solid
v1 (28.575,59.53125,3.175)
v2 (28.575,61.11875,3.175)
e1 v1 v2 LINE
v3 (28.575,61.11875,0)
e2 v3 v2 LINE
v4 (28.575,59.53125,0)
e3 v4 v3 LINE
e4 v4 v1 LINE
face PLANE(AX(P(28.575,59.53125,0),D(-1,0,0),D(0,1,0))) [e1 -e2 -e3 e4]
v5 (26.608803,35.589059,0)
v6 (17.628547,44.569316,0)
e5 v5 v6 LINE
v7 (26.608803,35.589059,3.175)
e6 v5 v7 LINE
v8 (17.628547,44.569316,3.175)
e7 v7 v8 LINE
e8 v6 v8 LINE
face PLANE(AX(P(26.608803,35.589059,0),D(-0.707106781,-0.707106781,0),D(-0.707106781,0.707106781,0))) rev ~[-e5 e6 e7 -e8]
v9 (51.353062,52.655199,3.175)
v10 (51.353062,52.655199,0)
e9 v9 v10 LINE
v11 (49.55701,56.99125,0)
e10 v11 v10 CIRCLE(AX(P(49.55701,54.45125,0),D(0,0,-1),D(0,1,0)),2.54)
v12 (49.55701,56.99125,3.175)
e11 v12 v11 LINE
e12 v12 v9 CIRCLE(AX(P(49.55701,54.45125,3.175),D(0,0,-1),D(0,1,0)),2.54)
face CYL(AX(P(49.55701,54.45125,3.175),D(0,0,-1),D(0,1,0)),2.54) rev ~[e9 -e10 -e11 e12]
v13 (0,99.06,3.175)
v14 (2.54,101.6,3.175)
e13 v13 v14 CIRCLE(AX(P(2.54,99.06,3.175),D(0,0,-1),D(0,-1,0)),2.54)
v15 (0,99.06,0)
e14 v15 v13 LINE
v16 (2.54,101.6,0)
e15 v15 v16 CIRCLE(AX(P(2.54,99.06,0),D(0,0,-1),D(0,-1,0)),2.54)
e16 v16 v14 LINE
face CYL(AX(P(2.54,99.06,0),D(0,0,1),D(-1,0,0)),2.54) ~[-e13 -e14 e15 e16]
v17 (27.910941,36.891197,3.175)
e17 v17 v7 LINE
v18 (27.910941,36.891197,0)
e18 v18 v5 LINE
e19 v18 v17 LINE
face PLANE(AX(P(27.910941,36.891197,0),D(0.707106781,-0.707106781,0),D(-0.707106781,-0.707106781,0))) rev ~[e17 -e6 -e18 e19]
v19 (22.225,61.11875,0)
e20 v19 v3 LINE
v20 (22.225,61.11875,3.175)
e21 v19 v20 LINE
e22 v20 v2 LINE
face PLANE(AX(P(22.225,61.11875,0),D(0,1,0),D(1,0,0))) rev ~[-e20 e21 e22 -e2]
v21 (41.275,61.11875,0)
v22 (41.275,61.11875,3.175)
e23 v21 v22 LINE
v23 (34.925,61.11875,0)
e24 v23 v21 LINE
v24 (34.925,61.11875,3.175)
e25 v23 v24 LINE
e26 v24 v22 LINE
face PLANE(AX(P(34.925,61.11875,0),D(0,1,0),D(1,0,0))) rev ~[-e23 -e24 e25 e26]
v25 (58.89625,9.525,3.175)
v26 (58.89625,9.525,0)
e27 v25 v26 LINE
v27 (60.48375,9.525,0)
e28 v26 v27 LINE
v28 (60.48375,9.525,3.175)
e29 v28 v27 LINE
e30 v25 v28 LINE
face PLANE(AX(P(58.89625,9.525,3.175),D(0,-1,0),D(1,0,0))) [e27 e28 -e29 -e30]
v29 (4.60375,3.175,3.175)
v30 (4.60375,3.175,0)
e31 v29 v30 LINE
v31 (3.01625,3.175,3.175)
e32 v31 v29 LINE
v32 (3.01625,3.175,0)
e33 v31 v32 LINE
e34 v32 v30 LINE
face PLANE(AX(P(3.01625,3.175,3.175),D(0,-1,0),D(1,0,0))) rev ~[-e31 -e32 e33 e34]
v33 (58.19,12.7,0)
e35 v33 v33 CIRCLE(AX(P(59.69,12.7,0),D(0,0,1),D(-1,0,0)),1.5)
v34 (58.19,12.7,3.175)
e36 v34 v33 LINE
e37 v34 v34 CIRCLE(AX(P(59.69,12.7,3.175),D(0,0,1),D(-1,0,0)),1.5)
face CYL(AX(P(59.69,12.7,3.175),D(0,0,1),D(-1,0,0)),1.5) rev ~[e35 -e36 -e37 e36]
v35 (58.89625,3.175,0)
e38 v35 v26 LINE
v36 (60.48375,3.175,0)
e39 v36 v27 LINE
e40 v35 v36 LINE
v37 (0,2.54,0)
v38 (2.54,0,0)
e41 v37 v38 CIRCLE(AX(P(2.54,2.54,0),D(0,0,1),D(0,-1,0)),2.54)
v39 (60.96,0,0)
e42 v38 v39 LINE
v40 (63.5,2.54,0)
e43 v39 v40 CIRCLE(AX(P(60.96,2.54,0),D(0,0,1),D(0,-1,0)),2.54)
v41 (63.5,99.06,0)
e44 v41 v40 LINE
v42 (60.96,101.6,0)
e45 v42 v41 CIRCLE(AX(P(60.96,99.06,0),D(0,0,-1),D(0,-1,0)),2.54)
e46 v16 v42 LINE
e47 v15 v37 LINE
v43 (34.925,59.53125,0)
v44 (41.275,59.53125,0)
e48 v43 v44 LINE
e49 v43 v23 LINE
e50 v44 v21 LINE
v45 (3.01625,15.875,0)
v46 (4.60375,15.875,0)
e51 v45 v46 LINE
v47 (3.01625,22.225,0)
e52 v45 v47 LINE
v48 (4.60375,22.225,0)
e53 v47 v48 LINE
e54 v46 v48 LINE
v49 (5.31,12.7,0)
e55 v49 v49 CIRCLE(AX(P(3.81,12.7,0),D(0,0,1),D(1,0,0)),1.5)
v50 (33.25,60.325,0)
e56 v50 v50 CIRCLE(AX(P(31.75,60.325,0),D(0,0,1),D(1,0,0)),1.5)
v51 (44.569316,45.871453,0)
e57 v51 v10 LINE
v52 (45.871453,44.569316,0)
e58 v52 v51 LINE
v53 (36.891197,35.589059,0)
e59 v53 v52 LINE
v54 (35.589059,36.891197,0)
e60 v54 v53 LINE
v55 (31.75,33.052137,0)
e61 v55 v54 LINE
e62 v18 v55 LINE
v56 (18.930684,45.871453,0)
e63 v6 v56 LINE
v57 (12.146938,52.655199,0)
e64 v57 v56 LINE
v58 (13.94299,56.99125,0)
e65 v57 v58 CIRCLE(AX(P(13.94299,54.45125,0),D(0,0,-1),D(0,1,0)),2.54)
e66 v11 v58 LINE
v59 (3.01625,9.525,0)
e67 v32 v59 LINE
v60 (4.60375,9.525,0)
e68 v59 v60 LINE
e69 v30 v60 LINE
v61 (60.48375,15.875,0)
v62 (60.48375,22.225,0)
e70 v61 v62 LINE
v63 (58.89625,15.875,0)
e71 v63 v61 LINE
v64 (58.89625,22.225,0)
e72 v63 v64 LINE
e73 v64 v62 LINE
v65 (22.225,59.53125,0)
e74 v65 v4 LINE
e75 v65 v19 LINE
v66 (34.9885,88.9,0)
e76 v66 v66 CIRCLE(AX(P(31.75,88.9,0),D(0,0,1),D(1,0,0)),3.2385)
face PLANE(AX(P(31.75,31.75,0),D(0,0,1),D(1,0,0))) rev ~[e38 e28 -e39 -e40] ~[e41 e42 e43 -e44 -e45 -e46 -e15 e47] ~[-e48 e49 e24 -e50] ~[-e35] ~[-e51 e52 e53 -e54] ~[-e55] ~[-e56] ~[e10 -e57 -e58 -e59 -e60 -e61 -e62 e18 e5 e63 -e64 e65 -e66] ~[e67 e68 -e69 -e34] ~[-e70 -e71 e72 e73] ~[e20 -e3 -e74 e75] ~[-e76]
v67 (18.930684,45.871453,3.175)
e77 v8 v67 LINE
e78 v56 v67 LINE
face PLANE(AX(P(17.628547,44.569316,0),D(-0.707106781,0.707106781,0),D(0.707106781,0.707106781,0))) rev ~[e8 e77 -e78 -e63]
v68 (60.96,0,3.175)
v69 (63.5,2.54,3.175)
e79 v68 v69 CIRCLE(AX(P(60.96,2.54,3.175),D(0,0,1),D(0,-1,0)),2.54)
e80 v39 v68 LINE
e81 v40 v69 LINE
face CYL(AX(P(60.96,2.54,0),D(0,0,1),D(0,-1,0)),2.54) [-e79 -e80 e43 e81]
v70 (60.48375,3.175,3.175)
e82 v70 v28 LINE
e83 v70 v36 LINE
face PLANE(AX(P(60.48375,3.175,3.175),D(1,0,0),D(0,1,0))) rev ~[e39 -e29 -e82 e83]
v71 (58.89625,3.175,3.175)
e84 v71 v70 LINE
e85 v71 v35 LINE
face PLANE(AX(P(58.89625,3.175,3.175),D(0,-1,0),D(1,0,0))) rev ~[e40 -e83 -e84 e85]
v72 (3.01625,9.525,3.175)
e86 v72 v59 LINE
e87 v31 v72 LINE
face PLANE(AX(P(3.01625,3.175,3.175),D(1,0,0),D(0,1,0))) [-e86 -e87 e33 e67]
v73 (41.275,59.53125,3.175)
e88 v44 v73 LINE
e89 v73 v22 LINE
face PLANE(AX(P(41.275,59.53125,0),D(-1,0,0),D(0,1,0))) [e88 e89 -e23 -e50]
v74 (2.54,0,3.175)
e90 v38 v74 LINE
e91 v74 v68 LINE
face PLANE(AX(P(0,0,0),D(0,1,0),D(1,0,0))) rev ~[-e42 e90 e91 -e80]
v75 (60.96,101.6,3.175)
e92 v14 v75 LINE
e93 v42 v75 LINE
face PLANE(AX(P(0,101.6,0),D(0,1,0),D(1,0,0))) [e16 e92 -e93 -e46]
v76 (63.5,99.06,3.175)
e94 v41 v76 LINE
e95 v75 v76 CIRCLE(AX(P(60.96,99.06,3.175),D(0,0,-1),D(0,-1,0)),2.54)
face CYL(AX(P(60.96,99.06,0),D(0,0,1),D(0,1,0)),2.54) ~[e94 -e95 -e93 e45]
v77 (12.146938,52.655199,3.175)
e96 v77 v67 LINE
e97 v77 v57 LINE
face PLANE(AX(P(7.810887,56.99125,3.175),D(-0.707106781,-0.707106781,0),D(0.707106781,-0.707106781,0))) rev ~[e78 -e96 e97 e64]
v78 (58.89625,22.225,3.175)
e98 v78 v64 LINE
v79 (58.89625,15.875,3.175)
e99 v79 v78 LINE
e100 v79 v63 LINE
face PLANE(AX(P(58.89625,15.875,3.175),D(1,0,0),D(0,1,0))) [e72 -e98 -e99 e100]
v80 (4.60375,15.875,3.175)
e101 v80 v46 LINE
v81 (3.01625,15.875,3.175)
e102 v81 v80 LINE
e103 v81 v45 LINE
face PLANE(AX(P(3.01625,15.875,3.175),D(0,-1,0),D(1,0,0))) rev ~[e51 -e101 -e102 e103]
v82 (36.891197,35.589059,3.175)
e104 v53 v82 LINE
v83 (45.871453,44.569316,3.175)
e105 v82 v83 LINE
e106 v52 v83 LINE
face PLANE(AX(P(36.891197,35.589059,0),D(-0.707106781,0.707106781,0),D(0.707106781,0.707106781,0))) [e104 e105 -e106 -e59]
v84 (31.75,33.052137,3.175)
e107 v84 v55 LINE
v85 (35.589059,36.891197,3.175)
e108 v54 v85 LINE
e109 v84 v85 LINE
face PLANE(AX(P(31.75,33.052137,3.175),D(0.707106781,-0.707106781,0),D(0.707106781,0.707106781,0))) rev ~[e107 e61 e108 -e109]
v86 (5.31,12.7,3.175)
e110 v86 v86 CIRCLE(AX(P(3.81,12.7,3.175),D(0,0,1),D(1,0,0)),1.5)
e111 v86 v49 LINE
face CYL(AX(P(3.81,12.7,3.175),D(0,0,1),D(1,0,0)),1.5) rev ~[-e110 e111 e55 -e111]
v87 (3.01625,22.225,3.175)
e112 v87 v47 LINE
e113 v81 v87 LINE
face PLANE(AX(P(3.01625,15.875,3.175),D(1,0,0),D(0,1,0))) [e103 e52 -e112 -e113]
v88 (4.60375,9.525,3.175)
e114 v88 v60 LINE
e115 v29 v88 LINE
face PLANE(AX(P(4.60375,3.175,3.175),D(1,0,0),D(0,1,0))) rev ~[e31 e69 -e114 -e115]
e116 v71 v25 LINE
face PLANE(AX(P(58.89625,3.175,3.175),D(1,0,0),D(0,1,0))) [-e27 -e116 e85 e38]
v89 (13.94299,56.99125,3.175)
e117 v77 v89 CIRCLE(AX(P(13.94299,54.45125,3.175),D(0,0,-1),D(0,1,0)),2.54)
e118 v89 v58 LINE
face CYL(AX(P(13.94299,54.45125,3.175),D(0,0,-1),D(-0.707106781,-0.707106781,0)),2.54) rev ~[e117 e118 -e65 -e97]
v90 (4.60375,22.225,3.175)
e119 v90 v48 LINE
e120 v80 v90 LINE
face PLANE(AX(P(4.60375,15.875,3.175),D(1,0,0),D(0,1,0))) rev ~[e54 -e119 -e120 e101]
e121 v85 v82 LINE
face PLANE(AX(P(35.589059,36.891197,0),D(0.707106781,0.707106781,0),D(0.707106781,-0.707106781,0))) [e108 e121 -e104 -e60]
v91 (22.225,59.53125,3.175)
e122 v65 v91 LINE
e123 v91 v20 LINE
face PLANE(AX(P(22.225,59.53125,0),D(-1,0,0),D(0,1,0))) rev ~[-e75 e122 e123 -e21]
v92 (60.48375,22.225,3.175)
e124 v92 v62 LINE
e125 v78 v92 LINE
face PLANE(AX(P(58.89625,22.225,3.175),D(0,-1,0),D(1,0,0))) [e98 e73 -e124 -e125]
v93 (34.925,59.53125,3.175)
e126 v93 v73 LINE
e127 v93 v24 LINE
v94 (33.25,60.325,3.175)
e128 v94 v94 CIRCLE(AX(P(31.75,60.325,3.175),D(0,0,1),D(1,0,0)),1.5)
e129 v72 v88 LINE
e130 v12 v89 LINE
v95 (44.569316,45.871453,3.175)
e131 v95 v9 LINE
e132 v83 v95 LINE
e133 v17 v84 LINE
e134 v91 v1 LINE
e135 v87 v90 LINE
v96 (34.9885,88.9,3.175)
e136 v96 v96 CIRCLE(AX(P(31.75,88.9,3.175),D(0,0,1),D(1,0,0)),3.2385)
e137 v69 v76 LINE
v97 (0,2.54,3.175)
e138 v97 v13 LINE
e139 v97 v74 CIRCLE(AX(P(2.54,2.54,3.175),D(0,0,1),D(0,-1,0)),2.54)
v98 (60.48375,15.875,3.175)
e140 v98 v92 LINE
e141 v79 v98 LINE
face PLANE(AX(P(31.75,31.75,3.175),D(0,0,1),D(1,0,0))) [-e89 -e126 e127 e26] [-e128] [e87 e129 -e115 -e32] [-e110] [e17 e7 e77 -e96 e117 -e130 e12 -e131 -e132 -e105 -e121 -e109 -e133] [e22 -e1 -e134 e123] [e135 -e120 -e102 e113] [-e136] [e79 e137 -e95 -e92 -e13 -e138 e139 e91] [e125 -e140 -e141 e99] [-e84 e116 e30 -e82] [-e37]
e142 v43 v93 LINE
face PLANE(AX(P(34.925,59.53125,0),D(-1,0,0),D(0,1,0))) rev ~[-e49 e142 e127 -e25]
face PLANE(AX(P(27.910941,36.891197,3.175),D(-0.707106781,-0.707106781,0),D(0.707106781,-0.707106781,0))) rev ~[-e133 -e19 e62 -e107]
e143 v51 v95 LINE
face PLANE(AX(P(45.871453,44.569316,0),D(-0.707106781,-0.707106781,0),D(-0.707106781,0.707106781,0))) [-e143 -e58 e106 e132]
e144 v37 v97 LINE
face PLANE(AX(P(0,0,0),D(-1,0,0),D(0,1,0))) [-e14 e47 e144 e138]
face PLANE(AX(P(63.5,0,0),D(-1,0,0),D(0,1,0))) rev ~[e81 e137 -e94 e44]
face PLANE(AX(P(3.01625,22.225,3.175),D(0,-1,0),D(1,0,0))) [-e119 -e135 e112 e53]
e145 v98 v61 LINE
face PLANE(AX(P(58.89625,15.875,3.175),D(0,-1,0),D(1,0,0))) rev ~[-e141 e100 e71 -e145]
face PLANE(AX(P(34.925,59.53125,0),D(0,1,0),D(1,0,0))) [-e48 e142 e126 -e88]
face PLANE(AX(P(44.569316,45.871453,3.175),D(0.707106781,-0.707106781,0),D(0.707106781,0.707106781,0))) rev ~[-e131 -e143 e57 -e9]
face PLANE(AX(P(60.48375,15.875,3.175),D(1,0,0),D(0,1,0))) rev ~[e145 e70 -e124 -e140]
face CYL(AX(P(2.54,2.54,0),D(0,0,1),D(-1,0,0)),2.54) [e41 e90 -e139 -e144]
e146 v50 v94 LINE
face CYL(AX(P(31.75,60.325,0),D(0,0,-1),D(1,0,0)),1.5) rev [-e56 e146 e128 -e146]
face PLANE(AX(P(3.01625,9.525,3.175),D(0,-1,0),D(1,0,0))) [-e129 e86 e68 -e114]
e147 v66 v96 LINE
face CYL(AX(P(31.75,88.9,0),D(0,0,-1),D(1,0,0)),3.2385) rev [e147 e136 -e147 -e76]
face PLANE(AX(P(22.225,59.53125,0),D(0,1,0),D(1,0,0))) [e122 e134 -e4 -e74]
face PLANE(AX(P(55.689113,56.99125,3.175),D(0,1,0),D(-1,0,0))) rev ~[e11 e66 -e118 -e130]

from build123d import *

# Parameters (mm, degrees)
SKETCH1_W           = 63.5
SKETCH1_H           = 38.1
SKETCH1_R           = 5.08
SKETCH1_R_2         = 3.2385
SKETCH1_H_2         = 63.5
SKETCH1_R_3         = 1.5
SKETCH1_W_2         = 6.35
SKETCH1_H_3         = 1.5875
BOSS_EXTRUDE1_DEPTH = 3.175
CUT_EXTRUDE1_DEPTH  = 3.175
SKETCH3_R           = 1.5
SKETCH3_W           = 1.5875
SKETCH3_H           = 6.35
CUT_EXTRUDE2_DEPTH  = 3.175
FILLET1_R           = 2.54


with BuildPart() as part:
    # Sketch1 → Boss-Extrude1 (new body)
    # profile 1 of 4: a face of its own
    with BuildSketch(Plane.XY):
        with Locations((31.75, 82.55)):
            Rectangle(SKETCH1_W, SKETCH1_H)
        with Locations((31.75, 88.9)):
            Circle(SKETCH1_R, mode=Mode.SUBTRACT)
    # profile 2 of 4: a face of its own
    with BuildSketch(Plane.XY):
        with Locations((31.75, 82.55)):
            Rectangle(SKETCH1_W, SKETCH1_H)
        with Locations((31.75, 88.9)):
            Circle(SKETCH1_R, mode=Mode.SUBTRACT)
    # profile 3 of 4: a face of its own
    with BuildSketch(Plane.XY):
        with Locations((31.75, 88.9)):
            Circle(SKETCH1_R)
        with Locations((31.75, 88.9)):
            Circle(SKETCH1_R_2, mode=Mode.SUBTRACT)
    # profile 4 of 4: a face of its own
    with BuildSketch(Plane.XY):
        with Locations((31.75, 31.75)):
            Rectangle(SKETCH1_W, SKETCH1_H_2)
        with Locations((31.75, 60.325)):
            Circle(SKETCH1_R_3, mode=Mode.SUBTRACT)
        with Locations((38.1, 60.325)):
            Rectangle(SKETCH1_W_2, SKETCH1_H_3, mode=Mode.SUBTRACT)
        Polygon((27.910940508, 36.891196629), (26.608803371, 35.589059492), (17.62854725, 44.569315613), (18.930684387, 45.87145275), align=None, mode=Mode.SUBTRACT)
        Polygon((45.87145275, 44.569315613), (44.569315613, 45.87145275), (35.589059492, 36.891196629), (36.891196629, 35.589059492), align=None, mode=Mode.SUBTRACT)
        with Locations((25.4, 60.325)):
            Rectangle(SKETCH1_W_2, SKETCH1_H_3, mode=Mode.SUBTRACT)
    extrude(amount=BOSS_EXTRUDE1_DEPTH)

    # Sketch2 → Cut-Extrude1 (cut)
    with BuildSketch(Plane.XY.offset(3.175)):
        Polygon((27.910940508, 36.891196629), (31.75, 33.052137138), (35.589059492, 36.891196629), (44.569315613, 45.87145275), (55.689112862, 56.99125), (7.810887138, 56.99125), (18.930684387, 45.87145275), align=None)
    extrude(amount=-CUT_EXTRUDE1_DEPTH, mode=Mode.SUBTRACT)

    # Sketch3 → Cut-Extrude2 (cut)
    with BuildSketch(Plane.XY.offset(3.175)):
        with Locations((3.81, 12.7)):
            Circle(SKETCH3_R)
        with Locations(Location((59.69, 12.7, 0), (0, 0, 180))):
            Circle(SKETCH3_R)
        with Locations((3.81, 19.05)):
            Rectangle(SKETCH3_W, SKETCH3_H)
        with Locations((3.81, 6.35)):
            Rectangle(SKETCH3_W, SKETCH3_H)
        with Locations((59.69, 6.35)):
            Rectangle(SKETCH3_W, SKETCH3_H)
        with Locations((59.69, 19.05)):
            Rectangle(SKETCH3_W, SKETCH3_H)
    extrude(amount=-CUT_EXTRUDE2_DEPTH, mode=Mode.SUBTRACT)

    # Fillet1
    fillet1_edges = [part.edges().sort_by_distance(p)[0] for p in [
        (0, 101.6, 1.5875),
        (63.5, 101.6, 1.5875),
        (63.5, 0, 1.5875),
        (0, 0, 1.5875),
        (55.689112862, 56.99125, 1.5875),
        (7.810887138, 56.99125, 1.5875),
    ]]
    fillet(fillet1_edges, radius=FILLET1_R)


solid = part.part
